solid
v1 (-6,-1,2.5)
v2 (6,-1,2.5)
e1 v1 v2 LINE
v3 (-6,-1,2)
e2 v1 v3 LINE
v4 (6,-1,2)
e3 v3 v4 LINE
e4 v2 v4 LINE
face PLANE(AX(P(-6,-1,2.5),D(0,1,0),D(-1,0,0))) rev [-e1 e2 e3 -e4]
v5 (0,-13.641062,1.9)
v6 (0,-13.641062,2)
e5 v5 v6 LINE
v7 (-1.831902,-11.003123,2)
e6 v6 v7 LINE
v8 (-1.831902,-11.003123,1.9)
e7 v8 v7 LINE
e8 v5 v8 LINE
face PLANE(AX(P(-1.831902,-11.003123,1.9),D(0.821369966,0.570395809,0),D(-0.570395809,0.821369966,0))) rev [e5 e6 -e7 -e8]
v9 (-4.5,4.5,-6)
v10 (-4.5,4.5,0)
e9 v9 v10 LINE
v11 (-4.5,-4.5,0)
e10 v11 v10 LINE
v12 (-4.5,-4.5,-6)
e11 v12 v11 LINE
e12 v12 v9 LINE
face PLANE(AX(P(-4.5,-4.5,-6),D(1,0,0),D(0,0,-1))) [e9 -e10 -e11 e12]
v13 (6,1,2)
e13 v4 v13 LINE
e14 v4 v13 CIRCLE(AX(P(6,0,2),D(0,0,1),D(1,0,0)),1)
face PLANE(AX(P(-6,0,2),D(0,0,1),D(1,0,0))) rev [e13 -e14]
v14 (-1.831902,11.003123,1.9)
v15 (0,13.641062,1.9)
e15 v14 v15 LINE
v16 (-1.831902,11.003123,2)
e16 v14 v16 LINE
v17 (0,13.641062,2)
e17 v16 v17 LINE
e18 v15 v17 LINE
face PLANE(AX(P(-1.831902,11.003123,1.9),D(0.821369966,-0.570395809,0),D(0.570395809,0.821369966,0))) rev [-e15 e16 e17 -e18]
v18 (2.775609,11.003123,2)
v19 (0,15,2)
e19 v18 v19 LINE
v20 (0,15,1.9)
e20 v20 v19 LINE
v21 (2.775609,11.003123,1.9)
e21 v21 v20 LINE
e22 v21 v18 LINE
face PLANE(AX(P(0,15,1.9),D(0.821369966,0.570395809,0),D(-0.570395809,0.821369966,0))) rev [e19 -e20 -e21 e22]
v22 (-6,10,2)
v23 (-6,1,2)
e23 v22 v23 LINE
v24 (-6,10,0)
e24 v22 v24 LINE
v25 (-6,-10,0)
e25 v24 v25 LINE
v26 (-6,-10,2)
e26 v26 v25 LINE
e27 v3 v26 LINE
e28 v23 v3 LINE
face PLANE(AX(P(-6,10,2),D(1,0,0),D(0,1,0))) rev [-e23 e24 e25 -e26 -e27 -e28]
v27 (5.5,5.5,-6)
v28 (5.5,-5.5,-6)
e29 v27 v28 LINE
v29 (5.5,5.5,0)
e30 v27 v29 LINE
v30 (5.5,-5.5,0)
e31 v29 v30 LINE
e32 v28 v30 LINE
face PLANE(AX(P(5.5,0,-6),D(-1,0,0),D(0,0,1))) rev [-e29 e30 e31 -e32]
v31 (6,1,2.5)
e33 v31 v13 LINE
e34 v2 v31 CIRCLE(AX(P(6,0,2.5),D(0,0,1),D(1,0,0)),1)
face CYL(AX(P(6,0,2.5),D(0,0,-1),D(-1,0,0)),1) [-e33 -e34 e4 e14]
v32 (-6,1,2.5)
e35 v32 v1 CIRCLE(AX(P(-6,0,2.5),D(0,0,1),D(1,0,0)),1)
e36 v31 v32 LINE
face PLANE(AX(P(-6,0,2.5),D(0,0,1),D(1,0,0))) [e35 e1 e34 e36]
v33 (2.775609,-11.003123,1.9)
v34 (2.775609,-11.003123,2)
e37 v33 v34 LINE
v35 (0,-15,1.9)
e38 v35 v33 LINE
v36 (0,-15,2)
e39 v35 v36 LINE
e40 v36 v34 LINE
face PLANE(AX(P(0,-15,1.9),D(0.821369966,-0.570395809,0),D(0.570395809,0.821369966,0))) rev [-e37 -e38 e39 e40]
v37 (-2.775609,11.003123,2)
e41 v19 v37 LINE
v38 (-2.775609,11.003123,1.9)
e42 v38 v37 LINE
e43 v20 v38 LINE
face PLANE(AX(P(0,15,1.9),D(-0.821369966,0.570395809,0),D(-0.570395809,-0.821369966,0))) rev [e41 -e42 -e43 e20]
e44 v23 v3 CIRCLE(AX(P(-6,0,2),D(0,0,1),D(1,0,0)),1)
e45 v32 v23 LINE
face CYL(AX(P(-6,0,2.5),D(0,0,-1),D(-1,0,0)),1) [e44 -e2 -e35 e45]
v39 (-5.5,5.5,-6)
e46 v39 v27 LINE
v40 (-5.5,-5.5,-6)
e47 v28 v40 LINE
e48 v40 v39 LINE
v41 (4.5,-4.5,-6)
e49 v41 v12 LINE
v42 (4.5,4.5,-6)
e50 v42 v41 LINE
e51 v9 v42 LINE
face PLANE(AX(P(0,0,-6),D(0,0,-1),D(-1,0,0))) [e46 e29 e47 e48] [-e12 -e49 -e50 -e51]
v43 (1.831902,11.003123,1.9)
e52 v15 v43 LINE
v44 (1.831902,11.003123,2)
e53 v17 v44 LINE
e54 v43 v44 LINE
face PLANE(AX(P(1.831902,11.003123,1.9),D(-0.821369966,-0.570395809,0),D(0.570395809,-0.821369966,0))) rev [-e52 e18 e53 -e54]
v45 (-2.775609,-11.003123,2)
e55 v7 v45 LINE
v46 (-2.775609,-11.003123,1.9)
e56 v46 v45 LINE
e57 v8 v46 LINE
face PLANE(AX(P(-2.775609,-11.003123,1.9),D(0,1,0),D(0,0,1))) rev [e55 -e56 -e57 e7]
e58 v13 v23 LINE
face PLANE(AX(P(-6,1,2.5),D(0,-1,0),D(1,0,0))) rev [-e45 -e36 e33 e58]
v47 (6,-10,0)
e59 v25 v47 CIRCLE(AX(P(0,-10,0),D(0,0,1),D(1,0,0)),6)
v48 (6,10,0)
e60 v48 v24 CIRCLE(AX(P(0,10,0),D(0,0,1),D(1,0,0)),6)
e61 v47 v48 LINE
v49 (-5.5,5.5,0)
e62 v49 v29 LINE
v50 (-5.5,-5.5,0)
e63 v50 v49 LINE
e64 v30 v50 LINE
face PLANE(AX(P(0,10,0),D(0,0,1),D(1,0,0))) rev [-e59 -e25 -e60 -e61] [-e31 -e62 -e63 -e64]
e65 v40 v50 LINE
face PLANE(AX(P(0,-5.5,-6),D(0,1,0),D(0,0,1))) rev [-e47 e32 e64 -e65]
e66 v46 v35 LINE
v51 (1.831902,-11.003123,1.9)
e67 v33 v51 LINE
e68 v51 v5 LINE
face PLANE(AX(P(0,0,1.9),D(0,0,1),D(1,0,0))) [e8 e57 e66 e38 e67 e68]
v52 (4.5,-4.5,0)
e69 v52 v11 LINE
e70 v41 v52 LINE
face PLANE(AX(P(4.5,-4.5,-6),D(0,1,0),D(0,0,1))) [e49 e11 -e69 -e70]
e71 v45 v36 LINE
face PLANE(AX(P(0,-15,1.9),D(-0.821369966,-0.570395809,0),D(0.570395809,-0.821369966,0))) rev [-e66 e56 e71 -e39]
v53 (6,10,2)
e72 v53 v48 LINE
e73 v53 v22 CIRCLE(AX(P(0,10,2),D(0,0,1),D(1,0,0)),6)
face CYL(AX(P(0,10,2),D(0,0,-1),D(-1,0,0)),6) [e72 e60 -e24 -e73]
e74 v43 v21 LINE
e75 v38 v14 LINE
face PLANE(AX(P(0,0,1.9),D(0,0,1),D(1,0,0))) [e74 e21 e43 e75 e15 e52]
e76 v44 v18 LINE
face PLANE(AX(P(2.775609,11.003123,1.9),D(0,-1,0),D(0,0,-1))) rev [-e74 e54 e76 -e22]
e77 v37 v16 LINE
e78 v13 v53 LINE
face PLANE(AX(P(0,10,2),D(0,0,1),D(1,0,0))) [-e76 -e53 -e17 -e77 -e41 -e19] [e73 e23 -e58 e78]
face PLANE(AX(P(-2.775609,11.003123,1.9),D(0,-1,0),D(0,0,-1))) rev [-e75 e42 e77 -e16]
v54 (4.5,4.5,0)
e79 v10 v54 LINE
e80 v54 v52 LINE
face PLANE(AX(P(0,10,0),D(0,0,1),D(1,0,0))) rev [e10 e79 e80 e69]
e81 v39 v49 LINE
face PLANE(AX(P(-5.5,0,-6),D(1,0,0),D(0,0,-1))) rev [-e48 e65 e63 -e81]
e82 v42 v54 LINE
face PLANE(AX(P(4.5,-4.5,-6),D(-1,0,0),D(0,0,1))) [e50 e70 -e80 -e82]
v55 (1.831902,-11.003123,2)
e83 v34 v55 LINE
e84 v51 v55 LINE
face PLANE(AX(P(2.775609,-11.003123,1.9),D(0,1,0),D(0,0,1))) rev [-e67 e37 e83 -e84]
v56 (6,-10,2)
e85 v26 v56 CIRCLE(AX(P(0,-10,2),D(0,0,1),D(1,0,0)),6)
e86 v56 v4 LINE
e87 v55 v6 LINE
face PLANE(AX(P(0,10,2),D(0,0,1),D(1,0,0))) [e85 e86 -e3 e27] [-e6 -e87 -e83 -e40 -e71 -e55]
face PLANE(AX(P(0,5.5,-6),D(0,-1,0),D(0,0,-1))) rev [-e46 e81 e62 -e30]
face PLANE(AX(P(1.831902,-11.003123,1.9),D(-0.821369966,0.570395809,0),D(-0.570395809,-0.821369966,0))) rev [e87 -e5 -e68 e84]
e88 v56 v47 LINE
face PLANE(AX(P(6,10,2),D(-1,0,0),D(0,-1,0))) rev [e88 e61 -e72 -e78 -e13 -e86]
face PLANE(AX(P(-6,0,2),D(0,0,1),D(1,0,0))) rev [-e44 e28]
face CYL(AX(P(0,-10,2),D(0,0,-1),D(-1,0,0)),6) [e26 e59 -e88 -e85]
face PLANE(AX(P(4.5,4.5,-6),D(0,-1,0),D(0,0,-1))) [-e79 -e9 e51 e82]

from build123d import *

# Parameters (mm, degrees)
BOSS_EXTRUDE1_DEPTH = 2
BOSS_EXTRUDE2_DEPTH = 0.5
CUT_EXTRUDE1_DEPTH  = 0.1
SKETCH4_W           = 11
SKETCH4_H           = 11
SKETCH4_W_2         = 9
SKETCH4_H_2         = 9
EXTRUDE_THIN1_DEPTH = 6


with BuildPart() as part:
    # Sketch1 → Boss-Extrude1 (new body)
    with BuildSketch(Plane.XY):
        with BuildLine():
            Line((6, 10), (6, -10))
            ThreePointArc((6, -10), (0, -16), (-6, -10))
            Line((-6, -10), (-6, 10))
            ThreePointArc((-6, 10), (0, 16), (6, 10))
        make_face()
    extrude(amount=BOSS_EXTRUDE1_DEPTH)

    # Sketch2 → Boss-Extrude2 (add)
    with BuildSketch(Plane.XY.offset(2)):
        with BuildLine():
            Line((-6, 1), (6, 1))
            ThreePointArc((6, 1), (7, 0), (6, -1))
            Line((6, -1), (-6, -1))
            ThreePointArc((-6, -1), (-7, 0), (-6, 1))
        make_face()
    extrude(amount=BOSS_EXTRUDE2_DEPTH)

    # Sketch3 → Cut-Extrude1 (cut)
    with BuildSketch(Plane.XY.offset(2)):
        Polygon((0, 15), (-2.775609333, 11.00312256), (-1.83190216, 11.00312256), (0, 13.641061671), (1.83190216, 11.00312256), (2.775609333, 11.00312256), align=None)
        Polygon((-2.775609333, -11.00312256), (-1.83190216, -11.00312256), (0, -13.641061671), (1.83190216, -11.00312256), (2.775609333, -11.00312256), (0, -15), align=None)
    extrude(amount=-CUT_EXTRUDE1_DEPTH, mode=Mode.SUBTRACT)

    # Sketch4 → Extrude-Thin1 (add)
    with BuildSketch(Plane(origin=(0, 0, 0), x_dir=(-1, 0, 0), z_dir=(0, 0, -1))):
        Rectangle(SKETCH4_W, SKETCH4_H)
        Rectangle(SKETCH4_W_2, SKETCH4_H_2, mode=Mode.SUBTRACT)
    extrude(amount=EXTRUDE_THIN1_DEPTH)


solid = part.part
